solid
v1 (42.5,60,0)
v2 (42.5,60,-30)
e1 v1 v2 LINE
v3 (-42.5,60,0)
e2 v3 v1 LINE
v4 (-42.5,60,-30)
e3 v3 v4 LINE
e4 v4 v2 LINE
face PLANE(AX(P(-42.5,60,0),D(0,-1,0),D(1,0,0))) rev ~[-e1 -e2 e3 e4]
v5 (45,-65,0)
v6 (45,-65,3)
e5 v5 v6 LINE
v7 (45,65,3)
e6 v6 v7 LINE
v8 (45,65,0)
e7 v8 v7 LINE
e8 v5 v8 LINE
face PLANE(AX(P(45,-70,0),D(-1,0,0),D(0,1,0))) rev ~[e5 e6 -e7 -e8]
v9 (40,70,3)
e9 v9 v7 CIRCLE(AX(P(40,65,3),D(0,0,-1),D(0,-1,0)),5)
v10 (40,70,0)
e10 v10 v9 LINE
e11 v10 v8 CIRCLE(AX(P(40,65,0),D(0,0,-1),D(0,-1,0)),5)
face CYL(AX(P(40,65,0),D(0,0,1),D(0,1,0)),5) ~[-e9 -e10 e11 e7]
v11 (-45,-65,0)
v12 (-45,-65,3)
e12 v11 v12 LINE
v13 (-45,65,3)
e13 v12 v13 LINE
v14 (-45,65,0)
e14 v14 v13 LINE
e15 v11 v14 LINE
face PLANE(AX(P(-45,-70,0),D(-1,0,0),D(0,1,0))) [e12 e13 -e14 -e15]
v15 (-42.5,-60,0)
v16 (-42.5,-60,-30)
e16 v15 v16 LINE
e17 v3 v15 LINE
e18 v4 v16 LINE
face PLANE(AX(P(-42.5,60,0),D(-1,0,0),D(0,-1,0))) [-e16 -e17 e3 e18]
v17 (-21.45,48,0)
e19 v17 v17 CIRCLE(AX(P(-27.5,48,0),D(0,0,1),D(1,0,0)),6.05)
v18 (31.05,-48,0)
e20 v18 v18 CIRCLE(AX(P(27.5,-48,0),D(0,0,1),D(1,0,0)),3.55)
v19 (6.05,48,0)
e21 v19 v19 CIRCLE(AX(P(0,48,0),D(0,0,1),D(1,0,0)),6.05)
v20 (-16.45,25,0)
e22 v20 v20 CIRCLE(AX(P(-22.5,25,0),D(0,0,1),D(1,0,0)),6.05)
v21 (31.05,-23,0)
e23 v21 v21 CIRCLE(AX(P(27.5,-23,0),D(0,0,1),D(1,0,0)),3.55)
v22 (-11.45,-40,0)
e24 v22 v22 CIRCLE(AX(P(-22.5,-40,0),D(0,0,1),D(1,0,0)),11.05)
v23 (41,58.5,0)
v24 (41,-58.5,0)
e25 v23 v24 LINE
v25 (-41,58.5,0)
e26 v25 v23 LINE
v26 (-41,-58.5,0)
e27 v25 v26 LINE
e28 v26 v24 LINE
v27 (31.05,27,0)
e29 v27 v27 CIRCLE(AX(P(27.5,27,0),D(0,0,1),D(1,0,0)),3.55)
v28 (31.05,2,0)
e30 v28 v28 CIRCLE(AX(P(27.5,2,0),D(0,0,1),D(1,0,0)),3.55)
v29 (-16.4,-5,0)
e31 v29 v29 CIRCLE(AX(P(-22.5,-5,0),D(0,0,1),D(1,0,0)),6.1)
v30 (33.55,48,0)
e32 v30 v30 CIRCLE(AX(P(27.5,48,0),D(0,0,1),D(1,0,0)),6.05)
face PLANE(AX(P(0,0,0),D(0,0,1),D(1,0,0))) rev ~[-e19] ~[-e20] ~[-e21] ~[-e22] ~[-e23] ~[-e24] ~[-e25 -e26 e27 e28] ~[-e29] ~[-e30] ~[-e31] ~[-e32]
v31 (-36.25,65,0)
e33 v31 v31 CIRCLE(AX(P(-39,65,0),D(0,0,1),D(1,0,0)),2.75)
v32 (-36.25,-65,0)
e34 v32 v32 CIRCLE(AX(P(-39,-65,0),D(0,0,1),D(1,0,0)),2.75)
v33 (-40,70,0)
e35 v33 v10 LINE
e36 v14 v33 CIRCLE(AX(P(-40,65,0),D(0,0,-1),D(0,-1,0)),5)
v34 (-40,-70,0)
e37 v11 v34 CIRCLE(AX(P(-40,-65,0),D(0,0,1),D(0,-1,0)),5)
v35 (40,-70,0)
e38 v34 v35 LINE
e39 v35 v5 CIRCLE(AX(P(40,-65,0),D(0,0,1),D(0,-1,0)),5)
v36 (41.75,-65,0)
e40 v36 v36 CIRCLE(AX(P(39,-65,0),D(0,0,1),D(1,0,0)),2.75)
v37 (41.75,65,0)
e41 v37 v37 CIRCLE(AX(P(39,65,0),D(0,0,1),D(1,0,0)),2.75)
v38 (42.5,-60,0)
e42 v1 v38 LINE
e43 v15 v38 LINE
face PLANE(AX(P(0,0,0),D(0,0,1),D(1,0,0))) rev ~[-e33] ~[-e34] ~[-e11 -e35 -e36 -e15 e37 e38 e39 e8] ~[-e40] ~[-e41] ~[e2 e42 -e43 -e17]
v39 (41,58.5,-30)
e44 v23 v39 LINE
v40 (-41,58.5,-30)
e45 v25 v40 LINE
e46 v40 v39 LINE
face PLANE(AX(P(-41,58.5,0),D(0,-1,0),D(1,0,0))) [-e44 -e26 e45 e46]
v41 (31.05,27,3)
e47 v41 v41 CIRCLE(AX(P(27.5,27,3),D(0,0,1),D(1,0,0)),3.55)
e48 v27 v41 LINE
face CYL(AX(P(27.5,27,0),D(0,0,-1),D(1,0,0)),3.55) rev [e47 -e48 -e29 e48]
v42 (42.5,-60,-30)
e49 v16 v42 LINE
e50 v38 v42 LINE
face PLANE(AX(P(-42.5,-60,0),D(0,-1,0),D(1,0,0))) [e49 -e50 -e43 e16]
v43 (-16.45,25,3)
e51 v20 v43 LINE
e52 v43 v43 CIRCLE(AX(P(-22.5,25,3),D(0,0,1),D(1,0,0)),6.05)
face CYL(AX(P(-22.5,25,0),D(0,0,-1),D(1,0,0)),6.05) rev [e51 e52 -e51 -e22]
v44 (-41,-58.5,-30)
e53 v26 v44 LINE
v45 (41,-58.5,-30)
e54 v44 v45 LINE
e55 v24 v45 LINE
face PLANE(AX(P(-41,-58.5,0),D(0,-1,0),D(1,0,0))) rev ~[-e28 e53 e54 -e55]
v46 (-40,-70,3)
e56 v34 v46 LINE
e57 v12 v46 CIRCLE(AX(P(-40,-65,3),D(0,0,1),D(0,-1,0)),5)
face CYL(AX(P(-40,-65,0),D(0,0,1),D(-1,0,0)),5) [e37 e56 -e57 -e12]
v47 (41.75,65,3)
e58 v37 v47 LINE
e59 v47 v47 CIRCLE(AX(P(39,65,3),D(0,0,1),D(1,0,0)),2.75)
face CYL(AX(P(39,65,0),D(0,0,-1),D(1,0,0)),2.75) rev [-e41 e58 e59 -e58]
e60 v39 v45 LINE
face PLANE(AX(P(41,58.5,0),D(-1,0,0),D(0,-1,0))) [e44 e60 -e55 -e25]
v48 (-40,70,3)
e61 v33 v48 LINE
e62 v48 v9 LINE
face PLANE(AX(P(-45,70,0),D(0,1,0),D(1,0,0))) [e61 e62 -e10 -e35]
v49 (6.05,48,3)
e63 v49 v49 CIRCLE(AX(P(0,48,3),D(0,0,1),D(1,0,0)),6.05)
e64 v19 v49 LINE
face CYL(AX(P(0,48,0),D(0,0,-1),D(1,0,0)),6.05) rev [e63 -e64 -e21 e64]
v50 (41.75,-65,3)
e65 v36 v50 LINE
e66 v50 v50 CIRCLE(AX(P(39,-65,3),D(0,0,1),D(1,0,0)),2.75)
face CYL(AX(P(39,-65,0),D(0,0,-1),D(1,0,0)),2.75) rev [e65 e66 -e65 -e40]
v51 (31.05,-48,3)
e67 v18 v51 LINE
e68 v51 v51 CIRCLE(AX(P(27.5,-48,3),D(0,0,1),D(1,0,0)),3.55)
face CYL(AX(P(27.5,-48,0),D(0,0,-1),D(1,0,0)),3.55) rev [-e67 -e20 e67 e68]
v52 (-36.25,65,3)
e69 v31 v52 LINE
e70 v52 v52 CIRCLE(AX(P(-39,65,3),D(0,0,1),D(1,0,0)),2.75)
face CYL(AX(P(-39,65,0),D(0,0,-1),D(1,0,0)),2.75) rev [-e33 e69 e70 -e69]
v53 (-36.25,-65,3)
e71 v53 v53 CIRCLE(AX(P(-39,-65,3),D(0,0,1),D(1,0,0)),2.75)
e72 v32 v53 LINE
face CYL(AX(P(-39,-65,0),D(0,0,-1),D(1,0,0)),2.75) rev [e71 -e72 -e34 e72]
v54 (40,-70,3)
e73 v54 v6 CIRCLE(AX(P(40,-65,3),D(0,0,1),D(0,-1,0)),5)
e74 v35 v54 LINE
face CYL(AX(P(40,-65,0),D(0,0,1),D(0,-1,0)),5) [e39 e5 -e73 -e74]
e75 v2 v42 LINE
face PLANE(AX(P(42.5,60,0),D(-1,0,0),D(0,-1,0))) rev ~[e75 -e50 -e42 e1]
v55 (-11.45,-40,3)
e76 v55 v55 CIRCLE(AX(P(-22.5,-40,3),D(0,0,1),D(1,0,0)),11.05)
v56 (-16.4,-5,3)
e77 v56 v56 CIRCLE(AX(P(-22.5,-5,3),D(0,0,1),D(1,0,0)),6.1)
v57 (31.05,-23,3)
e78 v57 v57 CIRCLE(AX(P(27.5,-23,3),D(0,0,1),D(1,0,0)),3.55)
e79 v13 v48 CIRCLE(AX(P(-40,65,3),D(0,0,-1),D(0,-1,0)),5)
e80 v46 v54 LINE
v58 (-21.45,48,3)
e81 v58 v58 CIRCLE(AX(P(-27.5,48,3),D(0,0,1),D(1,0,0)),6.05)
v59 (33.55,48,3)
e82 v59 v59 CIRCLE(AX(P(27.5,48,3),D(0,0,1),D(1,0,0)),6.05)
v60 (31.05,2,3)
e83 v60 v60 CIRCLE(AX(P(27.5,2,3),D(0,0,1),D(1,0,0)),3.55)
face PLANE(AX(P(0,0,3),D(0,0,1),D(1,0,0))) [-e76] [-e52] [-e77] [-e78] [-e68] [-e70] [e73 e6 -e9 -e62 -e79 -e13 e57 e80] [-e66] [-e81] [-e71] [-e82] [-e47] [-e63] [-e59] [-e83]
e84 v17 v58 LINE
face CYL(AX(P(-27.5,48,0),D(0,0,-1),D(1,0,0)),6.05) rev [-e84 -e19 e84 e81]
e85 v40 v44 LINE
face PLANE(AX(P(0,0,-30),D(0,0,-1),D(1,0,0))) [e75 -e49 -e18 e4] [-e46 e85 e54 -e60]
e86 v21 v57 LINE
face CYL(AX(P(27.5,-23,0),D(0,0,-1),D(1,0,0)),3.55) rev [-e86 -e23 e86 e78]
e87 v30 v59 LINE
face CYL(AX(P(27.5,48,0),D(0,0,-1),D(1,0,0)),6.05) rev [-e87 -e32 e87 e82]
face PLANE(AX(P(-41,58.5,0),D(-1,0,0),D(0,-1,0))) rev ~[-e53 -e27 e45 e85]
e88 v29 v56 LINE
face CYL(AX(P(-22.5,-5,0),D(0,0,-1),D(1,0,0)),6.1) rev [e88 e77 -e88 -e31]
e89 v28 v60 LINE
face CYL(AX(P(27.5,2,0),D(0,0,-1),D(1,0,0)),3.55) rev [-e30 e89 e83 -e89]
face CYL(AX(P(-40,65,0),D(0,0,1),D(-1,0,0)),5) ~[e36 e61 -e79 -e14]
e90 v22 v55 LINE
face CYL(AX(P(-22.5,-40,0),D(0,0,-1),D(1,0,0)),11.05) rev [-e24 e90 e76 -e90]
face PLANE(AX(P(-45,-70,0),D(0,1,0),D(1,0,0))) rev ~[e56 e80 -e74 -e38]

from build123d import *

# Parameters (mm, degrees)
SKETCH031_W   = 90
SKETCH031_H   = 140
SKETCH031_R   = 11.05
SKETCH031_R_2 = 2.75
SKETCH031_R_3 = 6.1
SKETCH031_R_4 = 6.05
SKETCH031_R_5 = 3.55
PAD014_DEPTH  = 3
SKETCH032_W   = 85
SKETCH032_H   = 120
SKETCH032_W_2 = 82
SKETCH032_H_2 = 117
PAD015_DEPTH  = 30
FILLET014_R   = 5


with BuildPart() as part:
    # Sketch031 → Pad014 (new body)
    with BuildSketch(Plane.XY):
        Rectangle(SKETCH031_W, SKETCH031_H)
        with Locations((-22.5, -40)):
            Circle(SKETCH031_R, mode=Mode.SUBTRACT)
        with Locations((-39, 65)):
            Circle(SKETCH031_R_2, mode=Mode.SUBTRACT)
        with Locations((39, 65)):
            Circle(SKETCH031_R_2, mode=Mode.SUBTRACT)
        with Locations((39, -65)):
            Circle(SKETCH031_R_2, mode=Mode.SUBTRACT)
        with Locations((-39, -65)):
            Circle(SKETCH031_R_2, mode=Mode.SUBTRACT)
        with Locations((-22.5, -5)):
            Circle(SKETCH031_R_3, mode=Mode.SUBTRACT)
        with Locations((-27.5, 48)):
            Circle(SKETCH031_R_4, mode=Mode.SUBTRACT)
        with Locations((0, 48)):
            Circle(SKETCH031_R_4, mode=Mode.SUBTRACT)
        with Locations((27.5, 48)):
            Circle(SKETCH031_R_4, mode=Mode.SUBTRACT)
        with Locations((27.5, -48)):
            Circle(SKETCH031_R_5, mode=Mode.SUBTRACT)
        with Locations((27.5, -23)):
            Circle(SKETCH031_R_5, mode=Mode.SUBTRACT)
        with Locations((27.5, 2)):
            Circle(SKETCH031_R_5, mode=Mode.SUBTRACT)
        with Locations((27.5, 27)):
            Circle(SKETCH031_R_5, mode=Mode.SUBTRACT)
        with Locations((-22.5, 25)):
            Circle(SKETCH031_R_4, mode=Mode.SUBTRACT)
    extrude(amount=PAD014_DEPTH)

    # Sketch032 (on Face19 of Pad014) → Pad015 (join)
    with BuildSketch(Plane(origin=(0, 0, 0), x_dir=(1, 0, 0), z_dir=(0, 0, -1))):
        Rectangle(SKETCH032_W, SKETCH032_H)
        Rectangle(SKETCH032_W_2, SKETCH032_H_2, mode=Mode.SUBTRACT)
    extrude(amount=PAD015_DEPTH)

    # Fillet014
    fillet014_edges = [part.edges().sort_by_distance(p)[0] for p in [
        (45, 70, 1.5),
        (-45, 70, 1.5),
        (45, -70, 1.5),
        (-45, -70, 1.5),
    ]]
    fillet(fillet014_edges, radius=FILLET014_R)


solid = part.part
